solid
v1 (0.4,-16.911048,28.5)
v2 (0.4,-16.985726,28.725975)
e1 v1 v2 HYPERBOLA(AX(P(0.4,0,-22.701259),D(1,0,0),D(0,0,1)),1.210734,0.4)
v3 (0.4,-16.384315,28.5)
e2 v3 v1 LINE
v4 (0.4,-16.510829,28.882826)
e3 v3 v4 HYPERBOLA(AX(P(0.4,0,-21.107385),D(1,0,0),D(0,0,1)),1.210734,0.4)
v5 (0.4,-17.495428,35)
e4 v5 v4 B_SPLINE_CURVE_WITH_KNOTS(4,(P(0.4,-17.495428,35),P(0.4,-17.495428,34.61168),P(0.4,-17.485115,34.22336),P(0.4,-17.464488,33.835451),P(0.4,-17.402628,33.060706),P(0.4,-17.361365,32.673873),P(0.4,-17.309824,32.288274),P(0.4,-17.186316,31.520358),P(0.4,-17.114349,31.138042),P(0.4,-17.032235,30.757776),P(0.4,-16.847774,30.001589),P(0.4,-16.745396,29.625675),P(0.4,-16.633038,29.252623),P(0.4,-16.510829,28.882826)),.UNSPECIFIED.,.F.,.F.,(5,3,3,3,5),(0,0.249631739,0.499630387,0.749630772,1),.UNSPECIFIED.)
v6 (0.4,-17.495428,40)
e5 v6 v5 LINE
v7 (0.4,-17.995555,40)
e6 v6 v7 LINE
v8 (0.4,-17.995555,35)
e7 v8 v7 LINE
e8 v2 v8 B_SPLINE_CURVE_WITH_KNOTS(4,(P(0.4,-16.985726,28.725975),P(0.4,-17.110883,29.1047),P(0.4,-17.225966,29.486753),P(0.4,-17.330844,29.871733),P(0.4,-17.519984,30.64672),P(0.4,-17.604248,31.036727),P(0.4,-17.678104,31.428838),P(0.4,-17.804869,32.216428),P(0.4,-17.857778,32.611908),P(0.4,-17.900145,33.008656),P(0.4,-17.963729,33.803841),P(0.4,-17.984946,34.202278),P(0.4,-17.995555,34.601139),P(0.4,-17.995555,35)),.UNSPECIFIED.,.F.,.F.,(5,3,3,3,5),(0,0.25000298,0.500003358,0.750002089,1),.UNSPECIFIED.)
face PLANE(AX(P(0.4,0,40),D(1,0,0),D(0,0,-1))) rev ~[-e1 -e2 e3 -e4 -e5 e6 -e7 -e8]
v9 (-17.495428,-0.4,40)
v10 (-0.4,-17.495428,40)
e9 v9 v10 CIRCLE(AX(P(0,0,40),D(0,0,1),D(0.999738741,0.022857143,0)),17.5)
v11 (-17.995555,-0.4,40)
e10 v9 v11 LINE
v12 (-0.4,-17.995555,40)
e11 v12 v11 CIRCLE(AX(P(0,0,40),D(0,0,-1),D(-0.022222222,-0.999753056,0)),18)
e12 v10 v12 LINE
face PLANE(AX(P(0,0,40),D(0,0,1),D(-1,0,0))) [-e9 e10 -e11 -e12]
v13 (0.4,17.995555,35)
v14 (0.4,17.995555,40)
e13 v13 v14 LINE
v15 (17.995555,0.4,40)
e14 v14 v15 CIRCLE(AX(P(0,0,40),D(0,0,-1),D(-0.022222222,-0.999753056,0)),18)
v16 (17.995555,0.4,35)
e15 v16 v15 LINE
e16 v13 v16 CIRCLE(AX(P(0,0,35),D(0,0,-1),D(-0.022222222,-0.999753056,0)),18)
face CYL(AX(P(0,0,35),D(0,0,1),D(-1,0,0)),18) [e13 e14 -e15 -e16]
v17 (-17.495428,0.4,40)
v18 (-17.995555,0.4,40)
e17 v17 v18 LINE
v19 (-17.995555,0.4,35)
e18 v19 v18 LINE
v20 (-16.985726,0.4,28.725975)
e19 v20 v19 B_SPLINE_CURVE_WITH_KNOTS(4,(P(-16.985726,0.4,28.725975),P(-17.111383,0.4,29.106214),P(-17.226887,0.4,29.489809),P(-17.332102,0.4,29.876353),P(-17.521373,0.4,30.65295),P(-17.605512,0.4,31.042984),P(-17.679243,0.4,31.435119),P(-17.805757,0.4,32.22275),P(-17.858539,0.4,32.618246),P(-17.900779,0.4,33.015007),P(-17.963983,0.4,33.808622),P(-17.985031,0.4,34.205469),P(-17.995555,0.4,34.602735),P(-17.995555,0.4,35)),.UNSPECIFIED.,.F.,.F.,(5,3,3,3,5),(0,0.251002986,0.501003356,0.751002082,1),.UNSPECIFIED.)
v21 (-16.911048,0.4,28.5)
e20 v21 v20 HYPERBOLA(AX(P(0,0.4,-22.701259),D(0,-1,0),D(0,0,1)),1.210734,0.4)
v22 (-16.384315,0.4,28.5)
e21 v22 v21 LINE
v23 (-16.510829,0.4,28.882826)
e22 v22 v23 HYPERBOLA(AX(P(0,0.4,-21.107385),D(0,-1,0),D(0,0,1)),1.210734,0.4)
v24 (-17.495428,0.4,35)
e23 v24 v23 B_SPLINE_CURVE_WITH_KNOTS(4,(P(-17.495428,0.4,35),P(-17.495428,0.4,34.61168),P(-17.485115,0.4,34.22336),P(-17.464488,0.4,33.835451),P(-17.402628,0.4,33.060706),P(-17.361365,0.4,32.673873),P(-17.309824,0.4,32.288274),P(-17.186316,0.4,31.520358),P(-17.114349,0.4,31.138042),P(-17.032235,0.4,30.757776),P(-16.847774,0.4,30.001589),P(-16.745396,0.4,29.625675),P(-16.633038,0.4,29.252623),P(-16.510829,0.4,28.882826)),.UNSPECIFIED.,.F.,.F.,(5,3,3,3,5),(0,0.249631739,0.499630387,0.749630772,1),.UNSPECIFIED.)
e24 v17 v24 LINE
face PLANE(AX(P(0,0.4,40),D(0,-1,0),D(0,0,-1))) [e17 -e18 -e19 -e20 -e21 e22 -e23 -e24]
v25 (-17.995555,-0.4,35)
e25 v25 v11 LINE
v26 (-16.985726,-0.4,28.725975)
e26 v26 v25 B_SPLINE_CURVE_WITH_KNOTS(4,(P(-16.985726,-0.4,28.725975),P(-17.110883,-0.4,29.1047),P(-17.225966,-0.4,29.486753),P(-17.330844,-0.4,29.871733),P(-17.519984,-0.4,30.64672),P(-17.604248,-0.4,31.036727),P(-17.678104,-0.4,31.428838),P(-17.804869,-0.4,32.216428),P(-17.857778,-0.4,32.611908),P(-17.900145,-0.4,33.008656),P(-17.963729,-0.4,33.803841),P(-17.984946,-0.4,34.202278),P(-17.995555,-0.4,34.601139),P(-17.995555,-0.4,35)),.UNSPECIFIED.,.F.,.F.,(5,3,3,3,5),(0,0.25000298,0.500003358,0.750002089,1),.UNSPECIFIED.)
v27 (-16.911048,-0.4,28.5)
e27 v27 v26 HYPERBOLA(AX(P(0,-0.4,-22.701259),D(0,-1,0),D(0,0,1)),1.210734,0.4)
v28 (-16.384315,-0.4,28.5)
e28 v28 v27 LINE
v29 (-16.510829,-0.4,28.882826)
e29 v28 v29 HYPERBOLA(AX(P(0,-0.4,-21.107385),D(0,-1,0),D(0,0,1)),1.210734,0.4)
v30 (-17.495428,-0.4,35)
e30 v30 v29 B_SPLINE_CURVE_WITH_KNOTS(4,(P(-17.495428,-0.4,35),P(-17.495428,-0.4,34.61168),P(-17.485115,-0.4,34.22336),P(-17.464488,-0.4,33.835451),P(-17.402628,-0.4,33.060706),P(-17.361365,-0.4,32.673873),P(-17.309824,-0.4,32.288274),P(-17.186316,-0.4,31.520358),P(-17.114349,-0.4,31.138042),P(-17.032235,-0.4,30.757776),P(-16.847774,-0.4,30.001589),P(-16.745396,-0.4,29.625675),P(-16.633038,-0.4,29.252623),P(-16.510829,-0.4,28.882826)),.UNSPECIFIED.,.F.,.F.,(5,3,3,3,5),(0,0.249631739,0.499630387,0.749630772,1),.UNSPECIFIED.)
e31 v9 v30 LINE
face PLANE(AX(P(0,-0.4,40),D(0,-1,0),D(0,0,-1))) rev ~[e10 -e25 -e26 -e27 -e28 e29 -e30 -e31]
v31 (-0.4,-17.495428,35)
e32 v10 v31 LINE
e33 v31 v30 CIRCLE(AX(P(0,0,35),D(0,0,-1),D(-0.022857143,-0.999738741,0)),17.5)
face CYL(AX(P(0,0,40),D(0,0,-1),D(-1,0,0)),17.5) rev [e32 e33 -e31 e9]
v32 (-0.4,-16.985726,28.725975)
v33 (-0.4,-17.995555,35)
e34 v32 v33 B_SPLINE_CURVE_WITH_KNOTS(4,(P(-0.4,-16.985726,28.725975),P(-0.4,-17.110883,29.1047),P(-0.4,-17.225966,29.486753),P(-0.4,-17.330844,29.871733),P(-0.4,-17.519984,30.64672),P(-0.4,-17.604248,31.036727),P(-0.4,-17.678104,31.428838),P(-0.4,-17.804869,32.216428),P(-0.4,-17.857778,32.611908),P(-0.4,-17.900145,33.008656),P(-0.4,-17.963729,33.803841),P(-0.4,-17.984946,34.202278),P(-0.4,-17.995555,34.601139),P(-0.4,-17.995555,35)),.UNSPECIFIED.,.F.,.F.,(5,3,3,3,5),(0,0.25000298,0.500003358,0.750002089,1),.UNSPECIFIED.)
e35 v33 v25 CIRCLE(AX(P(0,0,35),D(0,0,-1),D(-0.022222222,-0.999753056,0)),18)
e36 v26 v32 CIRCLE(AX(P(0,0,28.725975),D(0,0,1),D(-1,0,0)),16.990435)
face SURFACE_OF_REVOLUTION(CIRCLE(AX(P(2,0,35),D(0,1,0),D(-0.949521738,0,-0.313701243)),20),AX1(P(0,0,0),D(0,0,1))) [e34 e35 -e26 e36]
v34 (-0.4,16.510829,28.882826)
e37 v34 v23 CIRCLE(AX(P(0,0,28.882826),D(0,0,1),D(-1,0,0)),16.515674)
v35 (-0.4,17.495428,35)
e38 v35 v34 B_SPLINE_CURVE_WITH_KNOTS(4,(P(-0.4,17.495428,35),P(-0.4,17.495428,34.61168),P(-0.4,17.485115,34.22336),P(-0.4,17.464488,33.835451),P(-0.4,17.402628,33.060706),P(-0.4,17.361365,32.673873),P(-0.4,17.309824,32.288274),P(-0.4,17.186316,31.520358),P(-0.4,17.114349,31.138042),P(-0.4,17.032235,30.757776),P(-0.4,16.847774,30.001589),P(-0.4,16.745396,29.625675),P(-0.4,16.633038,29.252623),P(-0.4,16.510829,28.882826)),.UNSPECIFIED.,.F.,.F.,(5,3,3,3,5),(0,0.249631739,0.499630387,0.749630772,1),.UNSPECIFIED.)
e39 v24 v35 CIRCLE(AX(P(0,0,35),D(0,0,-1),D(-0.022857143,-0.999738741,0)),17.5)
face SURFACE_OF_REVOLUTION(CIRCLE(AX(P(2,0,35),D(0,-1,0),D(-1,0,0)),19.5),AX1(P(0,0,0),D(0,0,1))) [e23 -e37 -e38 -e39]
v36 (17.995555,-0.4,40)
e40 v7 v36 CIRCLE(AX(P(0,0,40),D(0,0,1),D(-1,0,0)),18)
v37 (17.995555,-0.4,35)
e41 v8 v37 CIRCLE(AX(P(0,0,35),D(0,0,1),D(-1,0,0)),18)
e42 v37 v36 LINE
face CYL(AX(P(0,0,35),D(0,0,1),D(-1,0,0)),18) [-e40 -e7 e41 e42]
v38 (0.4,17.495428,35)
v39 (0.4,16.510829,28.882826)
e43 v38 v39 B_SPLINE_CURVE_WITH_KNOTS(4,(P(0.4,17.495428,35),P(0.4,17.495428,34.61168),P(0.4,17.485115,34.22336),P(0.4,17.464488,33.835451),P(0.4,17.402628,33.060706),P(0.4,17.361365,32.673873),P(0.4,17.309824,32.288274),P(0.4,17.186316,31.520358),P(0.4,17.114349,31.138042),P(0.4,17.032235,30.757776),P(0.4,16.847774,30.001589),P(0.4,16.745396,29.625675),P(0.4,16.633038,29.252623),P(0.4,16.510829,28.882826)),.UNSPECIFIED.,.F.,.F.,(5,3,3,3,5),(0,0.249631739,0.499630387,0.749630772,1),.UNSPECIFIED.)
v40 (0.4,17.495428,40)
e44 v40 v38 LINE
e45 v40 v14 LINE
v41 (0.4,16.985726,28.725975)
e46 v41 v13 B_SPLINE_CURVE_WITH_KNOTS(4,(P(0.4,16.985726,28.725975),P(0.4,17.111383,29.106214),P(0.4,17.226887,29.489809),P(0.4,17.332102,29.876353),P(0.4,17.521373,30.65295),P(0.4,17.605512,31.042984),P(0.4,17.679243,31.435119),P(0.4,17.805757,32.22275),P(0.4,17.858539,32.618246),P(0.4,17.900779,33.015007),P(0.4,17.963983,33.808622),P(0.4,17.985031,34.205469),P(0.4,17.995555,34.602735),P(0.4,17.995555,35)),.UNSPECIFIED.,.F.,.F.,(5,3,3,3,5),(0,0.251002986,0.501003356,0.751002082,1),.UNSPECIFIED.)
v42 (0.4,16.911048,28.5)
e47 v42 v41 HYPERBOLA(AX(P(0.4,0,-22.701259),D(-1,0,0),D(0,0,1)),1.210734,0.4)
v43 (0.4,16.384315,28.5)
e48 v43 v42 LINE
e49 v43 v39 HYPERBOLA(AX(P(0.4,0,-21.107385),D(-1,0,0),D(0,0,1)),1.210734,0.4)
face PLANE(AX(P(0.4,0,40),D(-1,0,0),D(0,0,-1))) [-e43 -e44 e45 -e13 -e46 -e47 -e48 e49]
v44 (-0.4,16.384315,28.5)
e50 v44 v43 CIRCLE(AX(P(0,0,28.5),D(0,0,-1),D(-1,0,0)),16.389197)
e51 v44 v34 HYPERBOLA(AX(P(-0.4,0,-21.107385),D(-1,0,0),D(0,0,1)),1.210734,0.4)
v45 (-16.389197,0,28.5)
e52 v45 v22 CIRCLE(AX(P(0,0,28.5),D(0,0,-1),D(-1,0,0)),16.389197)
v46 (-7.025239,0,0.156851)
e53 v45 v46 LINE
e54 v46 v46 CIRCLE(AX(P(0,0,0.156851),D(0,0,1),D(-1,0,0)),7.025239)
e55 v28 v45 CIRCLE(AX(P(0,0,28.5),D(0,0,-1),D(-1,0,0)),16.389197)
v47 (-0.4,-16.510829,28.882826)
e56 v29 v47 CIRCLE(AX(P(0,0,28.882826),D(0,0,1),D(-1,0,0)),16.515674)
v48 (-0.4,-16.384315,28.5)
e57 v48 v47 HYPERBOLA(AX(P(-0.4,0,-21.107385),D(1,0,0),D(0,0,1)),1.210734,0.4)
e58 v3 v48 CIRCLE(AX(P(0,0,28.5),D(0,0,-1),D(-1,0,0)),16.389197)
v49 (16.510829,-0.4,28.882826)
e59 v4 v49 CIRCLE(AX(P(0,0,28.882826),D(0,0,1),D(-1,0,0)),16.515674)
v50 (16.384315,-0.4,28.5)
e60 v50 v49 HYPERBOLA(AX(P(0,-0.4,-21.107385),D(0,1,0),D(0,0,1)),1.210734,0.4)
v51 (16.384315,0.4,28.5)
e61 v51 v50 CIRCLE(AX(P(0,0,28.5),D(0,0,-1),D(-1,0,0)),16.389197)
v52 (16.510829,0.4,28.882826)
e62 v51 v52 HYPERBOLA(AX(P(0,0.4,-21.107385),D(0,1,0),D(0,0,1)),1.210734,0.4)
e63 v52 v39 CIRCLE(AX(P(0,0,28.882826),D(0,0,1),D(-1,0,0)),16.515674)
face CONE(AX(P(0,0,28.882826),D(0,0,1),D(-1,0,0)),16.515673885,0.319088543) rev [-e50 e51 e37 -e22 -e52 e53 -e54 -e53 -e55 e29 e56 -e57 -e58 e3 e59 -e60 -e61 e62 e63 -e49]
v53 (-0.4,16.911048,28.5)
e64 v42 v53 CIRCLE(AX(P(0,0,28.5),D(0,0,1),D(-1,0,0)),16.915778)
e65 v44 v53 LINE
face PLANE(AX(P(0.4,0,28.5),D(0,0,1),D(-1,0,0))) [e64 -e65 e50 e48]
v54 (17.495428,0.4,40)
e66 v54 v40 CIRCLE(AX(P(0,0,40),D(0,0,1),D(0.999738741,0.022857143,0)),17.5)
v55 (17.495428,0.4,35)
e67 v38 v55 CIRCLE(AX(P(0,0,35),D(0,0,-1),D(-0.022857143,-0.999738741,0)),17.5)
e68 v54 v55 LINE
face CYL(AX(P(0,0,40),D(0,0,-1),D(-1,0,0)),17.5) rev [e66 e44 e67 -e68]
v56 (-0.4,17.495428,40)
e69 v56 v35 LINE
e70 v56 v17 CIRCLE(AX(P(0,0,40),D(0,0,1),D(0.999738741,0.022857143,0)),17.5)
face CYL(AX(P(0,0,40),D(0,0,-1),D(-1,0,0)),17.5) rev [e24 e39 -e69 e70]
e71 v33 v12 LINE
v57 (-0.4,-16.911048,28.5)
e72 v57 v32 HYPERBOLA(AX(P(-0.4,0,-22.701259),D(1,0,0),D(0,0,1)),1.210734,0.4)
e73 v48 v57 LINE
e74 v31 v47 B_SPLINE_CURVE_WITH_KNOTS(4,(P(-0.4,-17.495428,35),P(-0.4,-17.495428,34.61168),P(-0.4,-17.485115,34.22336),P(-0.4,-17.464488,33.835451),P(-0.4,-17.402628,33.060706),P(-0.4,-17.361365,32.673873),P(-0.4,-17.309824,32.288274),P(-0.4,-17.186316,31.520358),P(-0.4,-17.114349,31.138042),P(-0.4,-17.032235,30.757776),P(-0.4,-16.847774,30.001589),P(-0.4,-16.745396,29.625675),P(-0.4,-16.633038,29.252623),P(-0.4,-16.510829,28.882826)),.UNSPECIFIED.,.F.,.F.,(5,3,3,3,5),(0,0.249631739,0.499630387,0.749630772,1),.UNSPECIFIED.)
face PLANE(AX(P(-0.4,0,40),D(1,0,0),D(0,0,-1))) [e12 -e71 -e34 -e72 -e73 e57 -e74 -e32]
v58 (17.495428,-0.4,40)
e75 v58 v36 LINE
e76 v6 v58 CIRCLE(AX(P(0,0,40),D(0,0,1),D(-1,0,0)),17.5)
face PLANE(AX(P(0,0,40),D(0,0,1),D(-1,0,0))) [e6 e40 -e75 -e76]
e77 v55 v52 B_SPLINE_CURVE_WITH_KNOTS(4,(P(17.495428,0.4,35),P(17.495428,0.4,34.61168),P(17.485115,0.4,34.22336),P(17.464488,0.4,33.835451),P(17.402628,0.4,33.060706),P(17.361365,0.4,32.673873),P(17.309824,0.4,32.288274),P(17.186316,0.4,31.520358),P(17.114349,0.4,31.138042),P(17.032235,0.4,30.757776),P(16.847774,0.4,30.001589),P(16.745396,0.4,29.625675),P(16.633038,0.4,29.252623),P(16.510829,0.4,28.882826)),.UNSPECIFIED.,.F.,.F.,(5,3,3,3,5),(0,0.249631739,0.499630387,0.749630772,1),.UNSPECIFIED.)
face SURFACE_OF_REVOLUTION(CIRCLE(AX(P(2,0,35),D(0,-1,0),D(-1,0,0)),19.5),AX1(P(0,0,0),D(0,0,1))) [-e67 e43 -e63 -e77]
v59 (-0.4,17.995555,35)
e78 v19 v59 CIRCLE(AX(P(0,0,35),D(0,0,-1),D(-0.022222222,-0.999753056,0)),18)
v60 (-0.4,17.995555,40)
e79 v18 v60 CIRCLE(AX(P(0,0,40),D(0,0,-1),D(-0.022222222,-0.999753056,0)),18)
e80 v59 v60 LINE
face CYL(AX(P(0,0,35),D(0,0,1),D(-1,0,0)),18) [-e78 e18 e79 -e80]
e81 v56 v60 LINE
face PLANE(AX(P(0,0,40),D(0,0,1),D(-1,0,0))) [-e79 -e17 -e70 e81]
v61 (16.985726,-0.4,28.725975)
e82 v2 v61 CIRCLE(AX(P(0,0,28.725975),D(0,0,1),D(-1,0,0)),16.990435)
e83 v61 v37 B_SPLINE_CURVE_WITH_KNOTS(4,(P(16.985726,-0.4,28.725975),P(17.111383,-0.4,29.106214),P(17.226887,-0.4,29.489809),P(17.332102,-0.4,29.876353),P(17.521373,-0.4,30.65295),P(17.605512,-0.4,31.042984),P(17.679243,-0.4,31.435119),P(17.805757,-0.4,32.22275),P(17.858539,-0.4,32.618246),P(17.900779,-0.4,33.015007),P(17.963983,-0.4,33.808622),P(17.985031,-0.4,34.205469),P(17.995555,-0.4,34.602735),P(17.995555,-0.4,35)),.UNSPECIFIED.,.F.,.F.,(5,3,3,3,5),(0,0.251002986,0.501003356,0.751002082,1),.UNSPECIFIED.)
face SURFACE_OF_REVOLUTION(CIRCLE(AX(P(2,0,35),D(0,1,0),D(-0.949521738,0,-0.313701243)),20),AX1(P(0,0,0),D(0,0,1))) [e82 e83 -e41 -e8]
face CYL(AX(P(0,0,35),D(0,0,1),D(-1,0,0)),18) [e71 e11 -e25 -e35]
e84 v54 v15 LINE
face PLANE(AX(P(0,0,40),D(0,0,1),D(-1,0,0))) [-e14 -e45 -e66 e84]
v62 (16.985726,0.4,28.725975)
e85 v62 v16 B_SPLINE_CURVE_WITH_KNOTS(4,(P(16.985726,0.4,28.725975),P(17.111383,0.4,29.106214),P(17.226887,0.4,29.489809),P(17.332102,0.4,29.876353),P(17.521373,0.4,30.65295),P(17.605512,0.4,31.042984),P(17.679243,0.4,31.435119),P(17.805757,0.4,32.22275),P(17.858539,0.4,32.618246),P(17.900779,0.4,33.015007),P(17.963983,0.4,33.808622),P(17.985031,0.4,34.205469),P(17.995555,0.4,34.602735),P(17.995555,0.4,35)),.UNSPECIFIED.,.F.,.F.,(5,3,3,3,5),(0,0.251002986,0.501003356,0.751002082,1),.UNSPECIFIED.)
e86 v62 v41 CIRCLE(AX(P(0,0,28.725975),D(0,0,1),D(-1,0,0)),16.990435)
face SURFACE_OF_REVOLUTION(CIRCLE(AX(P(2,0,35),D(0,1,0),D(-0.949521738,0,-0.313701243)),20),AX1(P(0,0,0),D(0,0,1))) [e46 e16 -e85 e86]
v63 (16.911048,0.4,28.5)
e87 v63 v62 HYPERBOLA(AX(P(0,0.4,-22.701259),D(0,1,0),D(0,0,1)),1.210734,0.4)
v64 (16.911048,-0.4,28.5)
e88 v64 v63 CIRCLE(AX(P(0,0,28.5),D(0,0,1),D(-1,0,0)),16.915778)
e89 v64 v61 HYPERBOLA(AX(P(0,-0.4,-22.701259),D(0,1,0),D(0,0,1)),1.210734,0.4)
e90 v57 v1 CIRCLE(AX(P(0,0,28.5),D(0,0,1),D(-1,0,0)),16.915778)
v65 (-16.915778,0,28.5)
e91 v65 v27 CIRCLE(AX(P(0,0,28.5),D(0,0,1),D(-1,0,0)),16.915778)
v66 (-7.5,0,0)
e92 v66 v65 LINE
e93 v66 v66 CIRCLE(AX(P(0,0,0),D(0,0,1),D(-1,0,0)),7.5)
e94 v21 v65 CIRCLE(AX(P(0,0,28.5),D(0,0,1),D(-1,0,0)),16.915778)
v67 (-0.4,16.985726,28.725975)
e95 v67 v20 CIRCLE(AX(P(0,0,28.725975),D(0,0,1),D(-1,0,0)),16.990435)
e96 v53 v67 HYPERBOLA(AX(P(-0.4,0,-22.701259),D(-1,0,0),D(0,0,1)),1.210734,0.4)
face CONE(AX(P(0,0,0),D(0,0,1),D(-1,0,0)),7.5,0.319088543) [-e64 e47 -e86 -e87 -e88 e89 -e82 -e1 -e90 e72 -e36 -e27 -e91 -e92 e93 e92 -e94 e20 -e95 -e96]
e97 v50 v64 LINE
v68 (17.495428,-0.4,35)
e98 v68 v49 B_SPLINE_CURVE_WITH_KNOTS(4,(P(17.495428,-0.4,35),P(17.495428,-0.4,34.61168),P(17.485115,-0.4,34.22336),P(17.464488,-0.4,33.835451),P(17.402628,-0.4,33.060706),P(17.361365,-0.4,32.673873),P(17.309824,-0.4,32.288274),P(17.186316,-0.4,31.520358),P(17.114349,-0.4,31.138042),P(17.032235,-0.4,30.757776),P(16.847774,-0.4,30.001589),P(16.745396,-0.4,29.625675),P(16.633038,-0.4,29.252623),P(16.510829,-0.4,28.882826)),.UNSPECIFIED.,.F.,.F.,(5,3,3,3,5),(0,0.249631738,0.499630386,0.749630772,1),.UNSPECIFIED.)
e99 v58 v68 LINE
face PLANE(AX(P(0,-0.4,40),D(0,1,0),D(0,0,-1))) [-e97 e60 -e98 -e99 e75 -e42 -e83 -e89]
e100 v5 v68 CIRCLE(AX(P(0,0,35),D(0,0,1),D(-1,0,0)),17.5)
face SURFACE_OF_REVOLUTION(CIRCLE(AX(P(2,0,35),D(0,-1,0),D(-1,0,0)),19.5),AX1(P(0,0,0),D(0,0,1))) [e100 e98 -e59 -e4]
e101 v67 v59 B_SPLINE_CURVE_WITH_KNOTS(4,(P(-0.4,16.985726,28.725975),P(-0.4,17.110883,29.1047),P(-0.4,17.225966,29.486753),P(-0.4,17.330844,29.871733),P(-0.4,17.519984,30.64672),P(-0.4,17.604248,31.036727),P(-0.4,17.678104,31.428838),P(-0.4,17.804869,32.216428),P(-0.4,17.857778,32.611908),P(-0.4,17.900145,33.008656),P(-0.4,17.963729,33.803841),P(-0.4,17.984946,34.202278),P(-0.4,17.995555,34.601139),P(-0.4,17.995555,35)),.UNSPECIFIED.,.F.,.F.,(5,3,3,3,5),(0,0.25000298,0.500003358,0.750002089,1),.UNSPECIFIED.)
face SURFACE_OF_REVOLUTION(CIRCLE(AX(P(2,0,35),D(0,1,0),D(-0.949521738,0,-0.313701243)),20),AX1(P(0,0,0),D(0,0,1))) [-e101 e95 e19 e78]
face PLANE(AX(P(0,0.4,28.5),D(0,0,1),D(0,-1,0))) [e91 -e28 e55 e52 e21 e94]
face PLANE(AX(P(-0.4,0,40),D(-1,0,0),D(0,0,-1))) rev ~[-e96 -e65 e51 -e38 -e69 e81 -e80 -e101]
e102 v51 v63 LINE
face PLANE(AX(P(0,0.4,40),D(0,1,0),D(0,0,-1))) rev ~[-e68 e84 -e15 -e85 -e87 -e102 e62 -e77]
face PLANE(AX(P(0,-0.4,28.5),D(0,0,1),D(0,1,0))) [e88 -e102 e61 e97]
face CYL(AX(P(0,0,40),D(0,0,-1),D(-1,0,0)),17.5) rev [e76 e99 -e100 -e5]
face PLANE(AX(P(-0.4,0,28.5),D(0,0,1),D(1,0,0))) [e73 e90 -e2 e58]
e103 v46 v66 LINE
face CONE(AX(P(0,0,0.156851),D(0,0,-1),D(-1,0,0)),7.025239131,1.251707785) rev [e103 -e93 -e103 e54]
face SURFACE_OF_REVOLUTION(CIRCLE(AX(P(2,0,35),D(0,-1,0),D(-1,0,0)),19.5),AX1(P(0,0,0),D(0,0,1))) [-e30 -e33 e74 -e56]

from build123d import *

# Parameters (mm, degrees)
SKETCH2_W          = 0.8
SKETCH2_H          = 11.5
CUT_EXTRUDE1_DEPTH = 48.41307844
CIRPATTERN1_COUNT  = 4


with BuildPart() as part:
    # Sketch1 → Revolve-Thin1 (revolve)
    with BuildSketch(Plane(origin=(0, 0, 0), x_dir=(0, 0, -1), z_dir=(1, 0, 0))):
        with BuildLine():
            Line((0, 7.5), (-28.725975148, 16.990434754))
            ThreePointArc((-28.725975148, 16.990434754), (-31.822634352, 17.745995734), (-35, 18))
            Line((-35, 18), (-40, 18))
            Line((-40, 18), (-40, 17.5))
            Line((-40, 17.5), (-35, 17.5))
            ThreePointArc((-35, 17.5), (-31.902068494, 17.252345841), (-28.882825769, 16.515673885))
            Line((-28.882825769, 16.515673885), (-0.156850621, 7.025239131))
            Line((-0.156850621, 7.025239131), (0, 7.5))
        make_face()
    revolve(axis=Axis((0, 0, 0), (0, 0, 1)))

    # Sketch2 → Cut-Extrude1 (cut, through all)
    with BuildSketch(Plane(origin=(0, 0, 0), x_dir=(1, 0, 0), z_dir=(0, 1, 0))):
        with Locations((0, -34.25)):
            Rectangle(SKETCH2_W, SKETCH2_H)
    cut_extrude1 = extrude(amount=-CUT_EXTRUDE1_DEPTH, mode=Mode.SUBTRACT)

    # CirPattern1: Cut-Extrude1 ×4 about axis
    cirpattern1_axis = Axis((0, 0, 44.270736316), (0, 0, -1))
    for i in range(1, CIRPATTERN1_COUNT):
        add(cut_extrude1.rotate(cirpattern1_axis, i * 360 / CIRPATTERN1_COUNT), mode=Mode.SUBTRACT)


solid = part.part
